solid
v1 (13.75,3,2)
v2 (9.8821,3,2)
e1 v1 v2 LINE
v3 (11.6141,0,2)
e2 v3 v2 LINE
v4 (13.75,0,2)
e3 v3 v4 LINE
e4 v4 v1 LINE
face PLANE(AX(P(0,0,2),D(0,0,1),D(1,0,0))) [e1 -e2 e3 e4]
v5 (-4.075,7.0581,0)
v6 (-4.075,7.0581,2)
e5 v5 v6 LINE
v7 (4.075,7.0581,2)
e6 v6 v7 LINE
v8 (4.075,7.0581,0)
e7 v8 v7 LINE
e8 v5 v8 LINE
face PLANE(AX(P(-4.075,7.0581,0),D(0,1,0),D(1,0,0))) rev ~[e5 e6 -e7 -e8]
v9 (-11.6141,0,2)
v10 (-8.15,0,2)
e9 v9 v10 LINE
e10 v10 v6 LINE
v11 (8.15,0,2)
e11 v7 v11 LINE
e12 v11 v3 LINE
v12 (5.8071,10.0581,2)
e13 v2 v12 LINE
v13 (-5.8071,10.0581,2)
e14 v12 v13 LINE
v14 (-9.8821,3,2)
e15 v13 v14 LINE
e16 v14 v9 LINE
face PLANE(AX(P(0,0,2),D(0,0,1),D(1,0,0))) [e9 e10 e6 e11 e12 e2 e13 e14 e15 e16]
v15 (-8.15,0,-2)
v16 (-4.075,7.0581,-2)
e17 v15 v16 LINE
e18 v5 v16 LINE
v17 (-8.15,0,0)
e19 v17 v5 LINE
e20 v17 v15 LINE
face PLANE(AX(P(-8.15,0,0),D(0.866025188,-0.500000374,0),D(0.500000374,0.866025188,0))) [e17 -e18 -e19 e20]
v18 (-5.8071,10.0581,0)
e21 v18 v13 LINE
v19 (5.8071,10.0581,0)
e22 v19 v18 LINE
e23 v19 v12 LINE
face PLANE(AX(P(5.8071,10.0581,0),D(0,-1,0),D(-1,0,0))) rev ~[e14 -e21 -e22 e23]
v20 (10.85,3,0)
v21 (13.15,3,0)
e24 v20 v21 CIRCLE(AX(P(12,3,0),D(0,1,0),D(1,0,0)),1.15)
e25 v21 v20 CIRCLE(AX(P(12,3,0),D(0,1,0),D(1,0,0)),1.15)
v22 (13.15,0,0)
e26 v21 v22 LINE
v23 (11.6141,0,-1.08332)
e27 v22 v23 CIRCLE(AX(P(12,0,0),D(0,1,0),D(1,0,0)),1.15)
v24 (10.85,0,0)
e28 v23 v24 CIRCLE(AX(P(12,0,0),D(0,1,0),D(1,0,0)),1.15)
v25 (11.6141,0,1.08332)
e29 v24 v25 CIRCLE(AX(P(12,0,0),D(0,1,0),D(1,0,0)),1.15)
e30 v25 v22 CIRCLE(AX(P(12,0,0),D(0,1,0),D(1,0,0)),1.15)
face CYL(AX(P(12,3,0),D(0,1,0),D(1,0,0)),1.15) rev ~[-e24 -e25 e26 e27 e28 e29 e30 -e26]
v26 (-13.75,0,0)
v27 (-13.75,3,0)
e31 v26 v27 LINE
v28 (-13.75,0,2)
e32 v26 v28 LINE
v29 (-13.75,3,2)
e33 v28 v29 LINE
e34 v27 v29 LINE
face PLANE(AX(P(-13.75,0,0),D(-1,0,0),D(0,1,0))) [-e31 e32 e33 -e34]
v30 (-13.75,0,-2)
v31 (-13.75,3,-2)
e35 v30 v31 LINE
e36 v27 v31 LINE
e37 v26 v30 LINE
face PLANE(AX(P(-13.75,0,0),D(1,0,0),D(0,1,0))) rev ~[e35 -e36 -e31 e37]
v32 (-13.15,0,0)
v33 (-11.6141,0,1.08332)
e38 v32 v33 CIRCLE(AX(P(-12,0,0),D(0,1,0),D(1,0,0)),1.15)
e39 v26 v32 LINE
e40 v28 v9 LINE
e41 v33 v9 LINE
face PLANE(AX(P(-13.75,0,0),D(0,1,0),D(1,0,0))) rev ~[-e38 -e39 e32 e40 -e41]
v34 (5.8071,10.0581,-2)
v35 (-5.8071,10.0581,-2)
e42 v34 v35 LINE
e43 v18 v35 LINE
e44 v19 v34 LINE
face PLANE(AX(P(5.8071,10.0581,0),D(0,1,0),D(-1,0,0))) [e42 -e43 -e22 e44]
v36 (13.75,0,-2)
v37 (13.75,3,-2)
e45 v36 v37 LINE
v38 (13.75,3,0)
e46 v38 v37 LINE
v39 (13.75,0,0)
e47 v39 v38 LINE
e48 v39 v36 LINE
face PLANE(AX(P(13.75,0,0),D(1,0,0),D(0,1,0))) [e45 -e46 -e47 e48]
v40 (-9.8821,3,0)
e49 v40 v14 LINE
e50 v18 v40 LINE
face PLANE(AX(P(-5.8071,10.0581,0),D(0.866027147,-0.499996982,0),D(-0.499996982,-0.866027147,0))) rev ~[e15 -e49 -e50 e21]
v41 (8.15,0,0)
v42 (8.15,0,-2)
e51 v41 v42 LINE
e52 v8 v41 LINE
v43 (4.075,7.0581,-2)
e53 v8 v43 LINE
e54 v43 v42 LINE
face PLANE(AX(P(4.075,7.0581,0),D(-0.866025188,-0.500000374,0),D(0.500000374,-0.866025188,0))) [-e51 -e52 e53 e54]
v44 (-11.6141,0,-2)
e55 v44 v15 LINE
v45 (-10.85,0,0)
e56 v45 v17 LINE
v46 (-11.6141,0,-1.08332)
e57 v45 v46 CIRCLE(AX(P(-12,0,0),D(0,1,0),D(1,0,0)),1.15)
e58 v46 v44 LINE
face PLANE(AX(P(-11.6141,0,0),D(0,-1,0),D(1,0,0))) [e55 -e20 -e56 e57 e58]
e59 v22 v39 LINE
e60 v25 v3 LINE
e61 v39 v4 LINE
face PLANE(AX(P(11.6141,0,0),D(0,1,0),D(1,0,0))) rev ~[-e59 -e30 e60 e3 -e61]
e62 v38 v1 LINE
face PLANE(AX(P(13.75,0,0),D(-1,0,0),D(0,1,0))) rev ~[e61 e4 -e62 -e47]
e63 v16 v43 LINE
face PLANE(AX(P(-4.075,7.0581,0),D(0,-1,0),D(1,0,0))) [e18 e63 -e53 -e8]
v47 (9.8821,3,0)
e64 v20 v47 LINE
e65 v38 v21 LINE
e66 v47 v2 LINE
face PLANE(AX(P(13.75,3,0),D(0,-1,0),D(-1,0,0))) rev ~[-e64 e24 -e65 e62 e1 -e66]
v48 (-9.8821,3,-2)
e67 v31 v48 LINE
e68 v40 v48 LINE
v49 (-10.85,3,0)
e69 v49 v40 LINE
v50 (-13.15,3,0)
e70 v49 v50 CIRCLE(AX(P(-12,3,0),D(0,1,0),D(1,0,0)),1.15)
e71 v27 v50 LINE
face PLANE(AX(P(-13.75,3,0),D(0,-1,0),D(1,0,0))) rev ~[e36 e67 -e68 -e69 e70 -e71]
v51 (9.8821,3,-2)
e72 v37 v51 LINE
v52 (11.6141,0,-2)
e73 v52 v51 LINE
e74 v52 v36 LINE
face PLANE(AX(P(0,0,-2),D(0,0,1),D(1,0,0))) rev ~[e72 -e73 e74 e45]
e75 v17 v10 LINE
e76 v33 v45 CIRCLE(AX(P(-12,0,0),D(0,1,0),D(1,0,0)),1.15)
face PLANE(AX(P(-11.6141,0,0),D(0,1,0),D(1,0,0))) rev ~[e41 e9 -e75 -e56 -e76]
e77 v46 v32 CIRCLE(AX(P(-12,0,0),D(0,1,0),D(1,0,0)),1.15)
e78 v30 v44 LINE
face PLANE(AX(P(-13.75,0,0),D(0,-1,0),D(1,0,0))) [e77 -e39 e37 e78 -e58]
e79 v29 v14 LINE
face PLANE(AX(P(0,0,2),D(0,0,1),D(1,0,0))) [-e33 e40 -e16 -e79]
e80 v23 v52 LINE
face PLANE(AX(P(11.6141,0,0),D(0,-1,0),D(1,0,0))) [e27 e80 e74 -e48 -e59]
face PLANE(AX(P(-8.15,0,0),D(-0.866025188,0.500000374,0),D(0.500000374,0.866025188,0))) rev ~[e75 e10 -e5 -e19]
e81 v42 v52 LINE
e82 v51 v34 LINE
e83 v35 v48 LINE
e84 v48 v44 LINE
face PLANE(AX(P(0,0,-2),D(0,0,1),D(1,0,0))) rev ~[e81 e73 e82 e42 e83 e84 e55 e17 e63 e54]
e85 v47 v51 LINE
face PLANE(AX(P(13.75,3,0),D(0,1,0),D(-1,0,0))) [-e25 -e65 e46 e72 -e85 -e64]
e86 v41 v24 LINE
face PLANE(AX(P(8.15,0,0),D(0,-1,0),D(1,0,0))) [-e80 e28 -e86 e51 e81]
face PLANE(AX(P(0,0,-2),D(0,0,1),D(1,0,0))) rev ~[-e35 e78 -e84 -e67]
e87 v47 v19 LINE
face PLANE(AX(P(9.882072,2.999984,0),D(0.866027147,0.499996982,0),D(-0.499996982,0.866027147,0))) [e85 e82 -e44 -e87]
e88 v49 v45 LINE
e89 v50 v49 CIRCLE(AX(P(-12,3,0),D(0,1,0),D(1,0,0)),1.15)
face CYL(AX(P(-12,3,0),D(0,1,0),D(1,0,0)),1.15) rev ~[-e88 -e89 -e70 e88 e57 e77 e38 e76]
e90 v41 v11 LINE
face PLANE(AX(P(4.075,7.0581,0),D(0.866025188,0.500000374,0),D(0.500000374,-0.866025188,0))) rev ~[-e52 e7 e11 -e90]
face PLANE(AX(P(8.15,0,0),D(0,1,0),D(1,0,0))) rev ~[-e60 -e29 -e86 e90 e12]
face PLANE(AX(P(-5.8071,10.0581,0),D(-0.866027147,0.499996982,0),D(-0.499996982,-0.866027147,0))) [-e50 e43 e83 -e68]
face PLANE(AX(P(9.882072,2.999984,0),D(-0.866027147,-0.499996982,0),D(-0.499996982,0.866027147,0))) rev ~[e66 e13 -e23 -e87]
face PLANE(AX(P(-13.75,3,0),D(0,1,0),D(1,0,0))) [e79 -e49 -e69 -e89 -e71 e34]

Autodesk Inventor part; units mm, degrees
ref_plane "YZ Plane" through (0, 0, 0) normal (1, 0, 0) x (0, 1, 0)
ref_plane "XZ Plane" through (0, 0, 0) normal (0, 1, 0) x (-1, 0, 0)
ref_plane "XY Plane" through (0, 0, 0) normal (0, 0, 1) x (1, 0, 0)
sketch "스케치1" plane through (0, 0, 0) normal (0, 0, 1) x (1, 0, 0)
  line L0 (-13.75, 0) -> (13.75, 0)
  line L1 (-8.15, 0) -> (-4.075, 7.0581)
  line L2 (-4.075, 7.0581) -> (4.075, 7.0581)
  line L3 (4.075, 7.0581) -> (8.15, 0)
  line L4 (8.15, 0) -> (4.075, -7.0581)
  line L5 (4.075, -7.0581) -> (-4.075, -7.0581)
  line L6 (-4.075, -7.0581) -> (-8.15, 0)
  line L7 (-5.8071, 10.0581) -> (-11.6141, 0)
  line L8 (-11.6141, 0) -> (-5.8071, -10.0581)
  line L9 (-5.8071, -10.0581) -> (5.8071, -10.0581)
  line L10 (5.8071, -10.0581) -> (11.6141, 0)
  line L11 (11.6141, 0) -> (5.8071, 10.0581)
  line L12 (5.8071, 10.0581) -> (-5.8071, 10.0581)
  line L13 (-13.75, 0) -> (-13.75, 3)
  line L14 (-13.75, 3) -> (-9.8821, 3)
  line L15 (13.75, 0) -> (13.75, 3)
  line L16 (13.75, 3) -> (9.8821, 3)
  point P0 (0, 0)
  point P1 (0, 0)
  point P2 (0, 0)
  point P3 (8.15, 0)
  dimension "d0" = 27.5
  dimension "d1" = 16.3
  dimension "d2" = 3
  dimension "d3" = 3
  dimension "d4" = 3
extrude "돌출1" add sketch "스케치1" along normal mid plane 4 contours L13 L14 L7 L0 | L7 L12 L11 L0 L3 L2 L1 | L11 L16 L15 L0
sketch "스케치2" plane through (-13.75, 3, 2) normal (0, 1, 0) x (1, 0, 0)
  line L0 (1.75, -6.7825) -> (25.75, -6.7825)
  line L1 (25.75, -6.7825) -> (25.75, 6.7825) construction
  line L2 (25.75, 6.7825) -> (1.75, 6.7825)
  line L3 (1.75, 6.7825) -> (1.75, -6.7825) construction
  line L4 (9.675, 0) -> (17.825, 0) projected
  line L5 (1.75, -6.7825) -> (25.75, 6.7825) construction
  line L6 (25.75, -6.7825) -> (1.75, 6.7825) construction
  circle A0 centre (1.75, 2) radius 1.15
  circle A1 centre (25.75, 2) radius 1.15
  line L7 (0, 4) -> (3.8679, 4) projected
  point P0 (13.75, 2)
  point P1 (13.75, 0)
  dimension "d7" = 24
  dimension "d8" = 2.3
  dimension "d9" = 2.3
  dimension "d10" = 2
extrude "돌출2" cut sketch "스케치2" against normal blind 4
properties part number "카스벨브 하단 커버"
